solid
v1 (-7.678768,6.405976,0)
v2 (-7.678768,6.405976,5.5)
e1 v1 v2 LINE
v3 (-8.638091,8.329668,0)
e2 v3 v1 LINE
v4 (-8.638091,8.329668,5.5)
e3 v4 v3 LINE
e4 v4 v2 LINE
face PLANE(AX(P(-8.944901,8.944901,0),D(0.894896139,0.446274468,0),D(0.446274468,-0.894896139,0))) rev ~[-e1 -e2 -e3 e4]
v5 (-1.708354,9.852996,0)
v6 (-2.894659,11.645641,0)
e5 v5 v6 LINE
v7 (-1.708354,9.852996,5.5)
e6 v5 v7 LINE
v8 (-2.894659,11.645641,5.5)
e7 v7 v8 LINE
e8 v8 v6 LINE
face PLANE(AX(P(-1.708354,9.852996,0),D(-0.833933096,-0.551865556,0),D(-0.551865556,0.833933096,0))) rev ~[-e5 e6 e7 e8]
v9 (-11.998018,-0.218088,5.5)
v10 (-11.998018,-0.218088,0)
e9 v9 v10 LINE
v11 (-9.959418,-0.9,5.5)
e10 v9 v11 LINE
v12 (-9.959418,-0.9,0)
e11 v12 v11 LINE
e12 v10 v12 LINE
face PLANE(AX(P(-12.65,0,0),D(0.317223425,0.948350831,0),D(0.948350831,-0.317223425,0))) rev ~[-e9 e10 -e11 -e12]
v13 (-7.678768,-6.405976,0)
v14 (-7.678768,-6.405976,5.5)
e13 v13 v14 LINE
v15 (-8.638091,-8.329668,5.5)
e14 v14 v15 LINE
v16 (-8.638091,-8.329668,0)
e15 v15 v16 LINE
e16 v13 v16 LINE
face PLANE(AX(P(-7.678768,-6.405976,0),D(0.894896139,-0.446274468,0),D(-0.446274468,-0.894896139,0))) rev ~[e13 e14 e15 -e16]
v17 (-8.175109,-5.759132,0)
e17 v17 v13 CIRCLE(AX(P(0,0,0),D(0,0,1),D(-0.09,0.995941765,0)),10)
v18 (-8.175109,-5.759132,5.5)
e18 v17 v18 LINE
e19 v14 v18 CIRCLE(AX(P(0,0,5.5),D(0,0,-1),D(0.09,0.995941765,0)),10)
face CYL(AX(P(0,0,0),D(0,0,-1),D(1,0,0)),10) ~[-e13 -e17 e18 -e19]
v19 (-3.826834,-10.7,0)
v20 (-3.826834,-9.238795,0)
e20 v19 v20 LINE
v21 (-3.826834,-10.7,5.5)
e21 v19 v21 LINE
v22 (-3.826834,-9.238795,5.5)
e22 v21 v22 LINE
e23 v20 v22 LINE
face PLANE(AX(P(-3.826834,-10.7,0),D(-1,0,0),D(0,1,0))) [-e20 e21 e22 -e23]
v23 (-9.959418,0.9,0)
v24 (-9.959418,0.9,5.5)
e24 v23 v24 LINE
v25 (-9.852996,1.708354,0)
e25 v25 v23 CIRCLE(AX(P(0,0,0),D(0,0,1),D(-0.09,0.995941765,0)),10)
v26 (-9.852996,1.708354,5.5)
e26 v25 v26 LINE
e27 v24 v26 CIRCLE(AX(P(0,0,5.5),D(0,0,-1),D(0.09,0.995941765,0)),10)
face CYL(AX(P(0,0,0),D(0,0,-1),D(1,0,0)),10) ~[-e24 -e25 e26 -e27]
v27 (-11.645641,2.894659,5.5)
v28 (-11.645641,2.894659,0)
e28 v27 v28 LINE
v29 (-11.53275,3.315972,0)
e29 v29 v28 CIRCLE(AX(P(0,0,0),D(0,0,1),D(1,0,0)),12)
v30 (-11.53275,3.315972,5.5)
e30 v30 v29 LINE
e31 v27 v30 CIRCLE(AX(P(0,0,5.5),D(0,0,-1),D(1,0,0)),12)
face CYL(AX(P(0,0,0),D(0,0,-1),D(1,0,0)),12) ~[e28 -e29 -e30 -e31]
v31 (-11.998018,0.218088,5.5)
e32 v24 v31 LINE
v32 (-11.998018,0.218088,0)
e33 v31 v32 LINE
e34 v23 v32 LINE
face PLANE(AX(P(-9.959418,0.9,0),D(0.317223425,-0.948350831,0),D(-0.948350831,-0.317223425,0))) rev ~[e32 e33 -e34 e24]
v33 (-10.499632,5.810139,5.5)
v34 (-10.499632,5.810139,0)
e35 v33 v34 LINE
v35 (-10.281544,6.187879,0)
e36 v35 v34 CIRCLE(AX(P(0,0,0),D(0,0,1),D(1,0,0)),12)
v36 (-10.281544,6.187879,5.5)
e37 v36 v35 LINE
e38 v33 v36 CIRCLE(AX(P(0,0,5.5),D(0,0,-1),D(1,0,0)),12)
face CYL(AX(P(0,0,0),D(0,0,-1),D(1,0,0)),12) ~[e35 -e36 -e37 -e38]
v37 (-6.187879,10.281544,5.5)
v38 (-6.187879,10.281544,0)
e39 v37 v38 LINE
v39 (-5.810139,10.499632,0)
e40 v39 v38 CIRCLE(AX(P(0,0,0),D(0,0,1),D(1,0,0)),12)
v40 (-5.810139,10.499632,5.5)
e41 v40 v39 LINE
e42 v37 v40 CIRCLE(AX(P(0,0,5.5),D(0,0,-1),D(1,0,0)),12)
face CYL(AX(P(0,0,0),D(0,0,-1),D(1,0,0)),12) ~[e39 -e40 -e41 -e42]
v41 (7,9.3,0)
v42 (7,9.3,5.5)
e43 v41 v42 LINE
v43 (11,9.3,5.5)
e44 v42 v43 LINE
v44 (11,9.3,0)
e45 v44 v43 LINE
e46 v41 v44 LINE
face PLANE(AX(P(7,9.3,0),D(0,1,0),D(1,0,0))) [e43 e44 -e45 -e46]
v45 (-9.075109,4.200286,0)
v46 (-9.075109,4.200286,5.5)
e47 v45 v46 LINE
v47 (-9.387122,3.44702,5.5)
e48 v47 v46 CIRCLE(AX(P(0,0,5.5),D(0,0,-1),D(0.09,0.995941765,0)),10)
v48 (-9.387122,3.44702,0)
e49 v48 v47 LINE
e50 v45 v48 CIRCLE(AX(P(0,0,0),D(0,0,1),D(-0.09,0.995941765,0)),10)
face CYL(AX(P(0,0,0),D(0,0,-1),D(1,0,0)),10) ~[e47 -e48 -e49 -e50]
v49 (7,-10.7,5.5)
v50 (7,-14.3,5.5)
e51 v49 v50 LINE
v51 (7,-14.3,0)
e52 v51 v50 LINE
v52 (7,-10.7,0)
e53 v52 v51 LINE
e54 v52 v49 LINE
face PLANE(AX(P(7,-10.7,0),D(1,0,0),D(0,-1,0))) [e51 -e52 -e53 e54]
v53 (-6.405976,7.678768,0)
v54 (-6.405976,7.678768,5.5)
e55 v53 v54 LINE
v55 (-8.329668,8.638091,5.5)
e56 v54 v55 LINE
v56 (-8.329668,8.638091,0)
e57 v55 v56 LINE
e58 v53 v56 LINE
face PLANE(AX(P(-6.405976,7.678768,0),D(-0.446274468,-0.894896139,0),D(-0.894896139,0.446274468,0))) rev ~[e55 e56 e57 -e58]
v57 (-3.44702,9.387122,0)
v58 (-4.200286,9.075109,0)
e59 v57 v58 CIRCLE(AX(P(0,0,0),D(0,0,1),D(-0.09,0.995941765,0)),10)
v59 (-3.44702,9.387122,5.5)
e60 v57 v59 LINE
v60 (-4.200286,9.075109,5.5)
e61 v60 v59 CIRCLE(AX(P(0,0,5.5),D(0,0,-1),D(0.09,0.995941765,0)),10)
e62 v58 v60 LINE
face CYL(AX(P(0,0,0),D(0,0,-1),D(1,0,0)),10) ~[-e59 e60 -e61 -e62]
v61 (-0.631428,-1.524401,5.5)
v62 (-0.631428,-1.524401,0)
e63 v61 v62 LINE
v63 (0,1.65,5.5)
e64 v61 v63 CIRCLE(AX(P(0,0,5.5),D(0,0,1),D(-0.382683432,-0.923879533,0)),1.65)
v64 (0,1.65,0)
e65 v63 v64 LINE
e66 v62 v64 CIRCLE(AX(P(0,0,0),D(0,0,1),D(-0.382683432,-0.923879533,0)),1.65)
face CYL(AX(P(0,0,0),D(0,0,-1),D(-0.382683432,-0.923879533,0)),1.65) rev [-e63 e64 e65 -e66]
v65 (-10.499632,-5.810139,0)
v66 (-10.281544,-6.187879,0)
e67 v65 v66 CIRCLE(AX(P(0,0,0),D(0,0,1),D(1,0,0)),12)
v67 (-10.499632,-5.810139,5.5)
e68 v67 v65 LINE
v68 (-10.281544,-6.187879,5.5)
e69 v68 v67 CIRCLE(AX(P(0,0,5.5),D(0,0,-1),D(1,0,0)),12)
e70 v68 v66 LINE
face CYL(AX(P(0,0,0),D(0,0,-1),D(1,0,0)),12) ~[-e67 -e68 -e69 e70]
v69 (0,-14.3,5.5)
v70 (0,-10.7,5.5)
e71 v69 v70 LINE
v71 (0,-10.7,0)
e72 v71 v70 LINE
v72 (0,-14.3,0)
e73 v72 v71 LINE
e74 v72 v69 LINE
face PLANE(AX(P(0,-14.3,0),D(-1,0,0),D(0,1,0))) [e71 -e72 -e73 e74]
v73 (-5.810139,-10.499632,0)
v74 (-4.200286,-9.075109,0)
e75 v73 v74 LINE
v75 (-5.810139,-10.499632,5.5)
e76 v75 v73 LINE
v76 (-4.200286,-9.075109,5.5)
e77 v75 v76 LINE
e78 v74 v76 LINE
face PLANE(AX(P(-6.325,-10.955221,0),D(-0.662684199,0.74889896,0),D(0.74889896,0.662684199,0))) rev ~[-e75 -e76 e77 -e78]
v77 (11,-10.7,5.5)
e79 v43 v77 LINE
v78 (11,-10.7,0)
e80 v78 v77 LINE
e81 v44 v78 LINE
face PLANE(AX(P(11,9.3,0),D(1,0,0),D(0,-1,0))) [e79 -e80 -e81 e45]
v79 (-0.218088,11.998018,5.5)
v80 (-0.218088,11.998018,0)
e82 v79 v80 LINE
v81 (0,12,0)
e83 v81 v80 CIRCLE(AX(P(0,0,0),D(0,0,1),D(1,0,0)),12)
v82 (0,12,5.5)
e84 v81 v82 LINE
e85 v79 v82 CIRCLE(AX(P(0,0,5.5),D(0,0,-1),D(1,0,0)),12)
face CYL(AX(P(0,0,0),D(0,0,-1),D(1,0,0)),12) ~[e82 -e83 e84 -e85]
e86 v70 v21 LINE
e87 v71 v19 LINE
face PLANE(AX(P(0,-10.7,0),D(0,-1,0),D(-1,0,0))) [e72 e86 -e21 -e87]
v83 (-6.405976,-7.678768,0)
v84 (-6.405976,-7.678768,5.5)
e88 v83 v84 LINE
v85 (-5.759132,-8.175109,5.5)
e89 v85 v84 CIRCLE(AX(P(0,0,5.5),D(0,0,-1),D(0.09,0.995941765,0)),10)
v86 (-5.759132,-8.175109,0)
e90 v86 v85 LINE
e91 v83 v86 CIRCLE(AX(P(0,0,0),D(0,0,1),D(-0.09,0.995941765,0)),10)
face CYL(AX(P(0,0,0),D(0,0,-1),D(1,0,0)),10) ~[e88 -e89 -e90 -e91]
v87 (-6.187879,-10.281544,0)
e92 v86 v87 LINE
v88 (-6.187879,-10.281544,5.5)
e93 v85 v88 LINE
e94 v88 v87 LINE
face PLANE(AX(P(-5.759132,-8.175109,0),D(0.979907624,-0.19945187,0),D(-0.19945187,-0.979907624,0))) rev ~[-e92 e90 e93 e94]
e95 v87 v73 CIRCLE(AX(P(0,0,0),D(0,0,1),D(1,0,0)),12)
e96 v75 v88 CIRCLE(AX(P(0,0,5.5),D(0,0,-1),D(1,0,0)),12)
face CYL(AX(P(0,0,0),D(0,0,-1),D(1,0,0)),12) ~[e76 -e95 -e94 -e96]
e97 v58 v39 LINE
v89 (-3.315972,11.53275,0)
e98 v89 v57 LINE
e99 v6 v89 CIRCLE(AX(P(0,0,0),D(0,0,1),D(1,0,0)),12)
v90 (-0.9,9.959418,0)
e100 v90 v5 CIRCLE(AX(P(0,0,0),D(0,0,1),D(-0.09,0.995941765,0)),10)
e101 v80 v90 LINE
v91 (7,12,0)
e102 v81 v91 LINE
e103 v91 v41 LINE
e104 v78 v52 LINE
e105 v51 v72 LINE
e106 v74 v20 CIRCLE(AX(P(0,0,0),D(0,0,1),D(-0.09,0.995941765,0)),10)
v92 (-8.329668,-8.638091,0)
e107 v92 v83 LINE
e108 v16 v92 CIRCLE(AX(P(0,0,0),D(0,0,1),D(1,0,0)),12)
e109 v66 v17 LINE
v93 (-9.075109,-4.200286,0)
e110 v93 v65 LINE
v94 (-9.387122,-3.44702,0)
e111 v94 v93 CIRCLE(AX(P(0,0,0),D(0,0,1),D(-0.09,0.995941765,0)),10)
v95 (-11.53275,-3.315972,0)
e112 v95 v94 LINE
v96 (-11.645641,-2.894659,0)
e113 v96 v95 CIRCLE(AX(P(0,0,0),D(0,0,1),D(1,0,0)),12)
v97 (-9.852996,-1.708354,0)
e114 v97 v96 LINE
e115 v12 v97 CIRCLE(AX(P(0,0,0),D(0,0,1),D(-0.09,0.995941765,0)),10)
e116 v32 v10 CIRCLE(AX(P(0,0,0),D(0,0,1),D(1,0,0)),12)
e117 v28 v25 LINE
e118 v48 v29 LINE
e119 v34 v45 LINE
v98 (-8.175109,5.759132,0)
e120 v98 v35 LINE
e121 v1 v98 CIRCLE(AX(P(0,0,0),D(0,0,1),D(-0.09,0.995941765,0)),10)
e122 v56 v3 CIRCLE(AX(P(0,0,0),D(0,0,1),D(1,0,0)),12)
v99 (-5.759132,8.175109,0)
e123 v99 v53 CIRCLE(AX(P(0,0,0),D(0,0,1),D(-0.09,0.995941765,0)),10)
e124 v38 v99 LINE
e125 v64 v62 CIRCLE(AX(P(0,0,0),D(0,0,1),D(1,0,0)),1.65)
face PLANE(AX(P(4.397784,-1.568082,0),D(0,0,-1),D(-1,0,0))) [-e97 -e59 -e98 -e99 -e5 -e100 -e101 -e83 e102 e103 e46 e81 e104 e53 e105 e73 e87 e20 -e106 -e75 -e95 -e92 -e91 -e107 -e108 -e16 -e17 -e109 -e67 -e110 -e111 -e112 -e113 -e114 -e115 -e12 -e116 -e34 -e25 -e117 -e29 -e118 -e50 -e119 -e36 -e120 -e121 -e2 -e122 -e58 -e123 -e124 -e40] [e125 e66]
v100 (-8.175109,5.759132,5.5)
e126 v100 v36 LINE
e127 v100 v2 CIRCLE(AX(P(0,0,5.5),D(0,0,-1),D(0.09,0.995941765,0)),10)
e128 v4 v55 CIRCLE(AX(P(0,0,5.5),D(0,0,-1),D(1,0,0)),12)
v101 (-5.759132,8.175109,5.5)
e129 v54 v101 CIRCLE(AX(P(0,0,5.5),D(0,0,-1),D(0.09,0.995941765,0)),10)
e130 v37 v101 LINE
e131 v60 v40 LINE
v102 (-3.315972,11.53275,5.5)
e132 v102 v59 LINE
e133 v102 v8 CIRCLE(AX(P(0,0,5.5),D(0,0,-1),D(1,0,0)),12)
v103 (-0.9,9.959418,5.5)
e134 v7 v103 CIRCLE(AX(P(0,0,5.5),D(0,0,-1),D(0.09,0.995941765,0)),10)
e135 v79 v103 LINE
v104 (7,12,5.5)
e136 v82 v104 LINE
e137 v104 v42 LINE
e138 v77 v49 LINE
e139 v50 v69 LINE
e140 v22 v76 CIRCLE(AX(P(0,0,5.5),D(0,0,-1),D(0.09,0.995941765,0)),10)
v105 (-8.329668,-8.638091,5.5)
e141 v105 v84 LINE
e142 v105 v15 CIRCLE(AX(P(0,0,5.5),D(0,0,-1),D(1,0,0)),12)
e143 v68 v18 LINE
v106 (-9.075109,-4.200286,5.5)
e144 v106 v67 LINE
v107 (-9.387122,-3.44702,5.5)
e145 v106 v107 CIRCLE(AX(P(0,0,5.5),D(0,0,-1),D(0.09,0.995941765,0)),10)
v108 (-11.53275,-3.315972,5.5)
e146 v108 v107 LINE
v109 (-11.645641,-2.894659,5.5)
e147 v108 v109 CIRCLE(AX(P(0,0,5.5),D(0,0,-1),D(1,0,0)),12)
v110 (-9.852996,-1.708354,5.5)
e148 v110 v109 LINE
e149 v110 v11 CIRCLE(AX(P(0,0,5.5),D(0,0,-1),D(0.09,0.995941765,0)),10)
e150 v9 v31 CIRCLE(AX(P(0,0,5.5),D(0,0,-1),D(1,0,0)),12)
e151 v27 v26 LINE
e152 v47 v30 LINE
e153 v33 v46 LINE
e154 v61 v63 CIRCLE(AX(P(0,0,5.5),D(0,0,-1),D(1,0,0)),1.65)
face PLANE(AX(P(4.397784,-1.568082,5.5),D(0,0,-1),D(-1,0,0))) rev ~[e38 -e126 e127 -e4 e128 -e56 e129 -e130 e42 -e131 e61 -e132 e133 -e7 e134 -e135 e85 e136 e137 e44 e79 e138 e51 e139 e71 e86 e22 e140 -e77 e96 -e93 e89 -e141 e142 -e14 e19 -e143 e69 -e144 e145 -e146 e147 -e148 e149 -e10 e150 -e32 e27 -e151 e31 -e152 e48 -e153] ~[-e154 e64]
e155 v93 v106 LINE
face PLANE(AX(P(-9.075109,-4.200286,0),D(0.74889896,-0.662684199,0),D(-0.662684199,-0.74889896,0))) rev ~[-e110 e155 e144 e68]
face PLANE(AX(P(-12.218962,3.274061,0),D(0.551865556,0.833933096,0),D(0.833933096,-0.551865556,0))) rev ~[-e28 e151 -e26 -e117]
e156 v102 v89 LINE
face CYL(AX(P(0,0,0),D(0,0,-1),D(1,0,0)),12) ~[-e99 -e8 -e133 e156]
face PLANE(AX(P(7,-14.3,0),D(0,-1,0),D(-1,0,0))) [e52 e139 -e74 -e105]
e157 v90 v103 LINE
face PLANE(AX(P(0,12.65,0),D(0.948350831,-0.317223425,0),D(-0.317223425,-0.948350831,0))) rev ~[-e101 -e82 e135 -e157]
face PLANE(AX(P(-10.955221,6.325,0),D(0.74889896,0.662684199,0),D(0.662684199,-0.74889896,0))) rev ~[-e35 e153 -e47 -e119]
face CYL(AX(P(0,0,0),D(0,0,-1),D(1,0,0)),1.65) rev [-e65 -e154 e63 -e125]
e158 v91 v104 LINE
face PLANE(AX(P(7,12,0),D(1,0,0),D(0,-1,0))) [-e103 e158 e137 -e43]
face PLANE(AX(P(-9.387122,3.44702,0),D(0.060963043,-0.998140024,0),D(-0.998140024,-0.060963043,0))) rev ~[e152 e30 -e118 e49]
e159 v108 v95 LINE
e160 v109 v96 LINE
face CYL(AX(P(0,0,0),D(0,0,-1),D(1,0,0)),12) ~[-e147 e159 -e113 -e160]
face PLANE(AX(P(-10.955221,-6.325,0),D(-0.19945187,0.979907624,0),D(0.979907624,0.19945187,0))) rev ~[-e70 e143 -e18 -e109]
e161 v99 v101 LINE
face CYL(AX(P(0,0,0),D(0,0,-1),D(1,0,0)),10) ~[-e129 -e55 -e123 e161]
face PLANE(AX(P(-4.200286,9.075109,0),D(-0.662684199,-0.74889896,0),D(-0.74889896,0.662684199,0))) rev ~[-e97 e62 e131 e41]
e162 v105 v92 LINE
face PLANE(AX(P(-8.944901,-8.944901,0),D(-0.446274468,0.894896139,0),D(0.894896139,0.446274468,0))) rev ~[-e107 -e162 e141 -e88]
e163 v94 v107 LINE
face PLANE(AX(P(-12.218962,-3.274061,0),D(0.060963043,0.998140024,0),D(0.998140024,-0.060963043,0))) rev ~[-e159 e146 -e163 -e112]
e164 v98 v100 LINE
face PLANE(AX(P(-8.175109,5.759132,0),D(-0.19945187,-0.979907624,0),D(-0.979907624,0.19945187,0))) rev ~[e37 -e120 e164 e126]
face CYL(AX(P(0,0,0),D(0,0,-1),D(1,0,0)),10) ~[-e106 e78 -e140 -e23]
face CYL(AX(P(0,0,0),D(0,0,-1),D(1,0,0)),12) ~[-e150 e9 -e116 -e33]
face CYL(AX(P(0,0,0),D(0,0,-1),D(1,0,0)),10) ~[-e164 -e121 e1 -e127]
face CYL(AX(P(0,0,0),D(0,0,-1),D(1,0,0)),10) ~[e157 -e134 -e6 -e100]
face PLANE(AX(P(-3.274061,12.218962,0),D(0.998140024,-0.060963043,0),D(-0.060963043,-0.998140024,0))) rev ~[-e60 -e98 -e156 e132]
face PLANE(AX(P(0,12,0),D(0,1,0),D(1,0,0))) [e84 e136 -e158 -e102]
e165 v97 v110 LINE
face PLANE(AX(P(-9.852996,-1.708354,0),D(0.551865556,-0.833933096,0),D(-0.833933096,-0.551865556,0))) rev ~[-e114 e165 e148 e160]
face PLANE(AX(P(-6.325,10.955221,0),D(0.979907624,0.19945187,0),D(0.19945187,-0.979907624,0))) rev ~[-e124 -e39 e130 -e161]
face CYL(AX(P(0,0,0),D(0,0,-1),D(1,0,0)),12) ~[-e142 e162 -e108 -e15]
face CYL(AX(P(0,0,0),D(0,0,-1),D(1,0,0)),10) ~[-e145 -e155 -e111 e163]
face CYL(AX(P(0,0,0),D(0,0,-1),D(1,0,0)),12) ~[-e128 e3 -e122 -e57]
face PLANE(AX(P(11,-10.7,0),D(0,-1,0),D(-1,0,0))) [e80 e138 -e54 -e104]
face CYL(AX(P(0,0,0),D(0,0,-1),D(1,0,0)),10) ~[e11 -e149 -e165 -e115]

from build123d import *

# Parameters (mm, degrees)
SKETCH1_R           = 10
BOSS_EXTRUDE1_DEPTH = 5.5
BOSS_EXTRUDE2_DEPTH = 5.5
CIRPATTERN1_COUNT   = 24
SKETCH3_R           = 12.65
SKETCH3_R_2         = 12
CUT_EXTRUDE1_DEPTH  = 6
CUT_EXTRUDE2_DEPTH  = 6
SKETCH5_R           = 1.65
CUT_EXTRUDE3_DEPTH  = 6
BOSS_EXTRUDE3_DEPTH = 5.5


with BuildPart() as part:
    # Sketch1 → Boss-Extrude1 (new body)
    with BuildSketch(Plane.XY):
        Circle(SKETCH1_R)
    extrude(amount=BOSS_EXTRUDE1_DEPTH)

    # Sketch2 → Boss-Extrude2 (add)
    with BuildSketch(Plane.XY):
        with BuildLine():
            Line((0, 12.65), (-0.9, 9.959417654))
            ThreePointArc((-0.9, 9.959417654), (0, 10), (0.9, 9.959417654))
            Line((0.9, 9.959417654), (0, 12.65))
        make_face()
    boss_extrude2 = extrude(amount=BOSS_EXTRUDE2_DEPTH)

    # CirPattern1: Boss-Extrude2 ×24 about axis
    cirpattern1_axis = Axis((0, 0, 0), (0, 0, 1))
    for i in range(1, CIRPATTERN1_COUNT):
        add(boss_extrude2.rotate(cirpattern1_axis, i * 360 / CIRPATTERN1_COUNT))

    # Sketch3 → Cut-Extrude1 (cut)
    with BuildSketch(Plane.XY):
        Circle(SKETCH3_R)
        Circle(SKETCH3_R_2, mode=Mode.SUBTRACT)
    extrude(amount=CUT_EXTRUDE1_DEPTH, mode=Mode.SUBTRACT)

    # Sketch4 → Cut-Extrude2 (cut)
    with BuildSketch(Plane.XY):
        with BuildLine():
            Line((0, 0), (0, 12))
            ThreePointArc((0, 12), (11.769423365, -2.341083864), (-4.592201188, -11.08655439))
            Line((-4.592201188, -11.08655439), (-3.826834324, -9.238795325))
            Line((-3.826834324, -9.238795325), (0, 0))
        make_face()
    extrude(amount=CUT_EXTRUDE2_DEPTH, mode=Mode.SUBTRACT)

    # Sketch5 → Cut-Extrude3 (cut)
    with BuildSketch(Plane.XY):
        Circle(SKETCH5_R)
    extrude(amount=CUT_EXTRUDE3_DEPTH, mode=Mode.SUBTRACT)

    # Sketch6 → Boss-Extrude3 (add)
    with BuildSketch(Plane.XY):
        with BuildLine():
            Line((0, 1.65), (0, 12))
            Line((0, 12), (7, 12))
            Line((7, 12), (7, 9.3))
            Line((7, 9.3), (11, 9.3))
            Line((11, 9.3), (11, -10.7))
            Line((11, -10.7), (7, -10.7))
            Line((7, -10.7), (7, -14.3))
            Line((7, -14.3), (0, -14.3))
            Line((0, -14.3), (0, -10.7))
            Line((0, -10.7), (-3.826834324, -10.7))
            Line((-3.826834324, -10.7), (-3.826834324, -9.238795325))
            Line((-3.826834324, -9.238795325), (-0.631427663, -1.524401229))
            ThreePointArc((-0.631427663, -1.524401229), (1.618295713, -0.321899031), (0, 1.65))
        make_face()
    extrude(amount=BOSS_EXTRUDE3_DEPTH)


solid = part.part
